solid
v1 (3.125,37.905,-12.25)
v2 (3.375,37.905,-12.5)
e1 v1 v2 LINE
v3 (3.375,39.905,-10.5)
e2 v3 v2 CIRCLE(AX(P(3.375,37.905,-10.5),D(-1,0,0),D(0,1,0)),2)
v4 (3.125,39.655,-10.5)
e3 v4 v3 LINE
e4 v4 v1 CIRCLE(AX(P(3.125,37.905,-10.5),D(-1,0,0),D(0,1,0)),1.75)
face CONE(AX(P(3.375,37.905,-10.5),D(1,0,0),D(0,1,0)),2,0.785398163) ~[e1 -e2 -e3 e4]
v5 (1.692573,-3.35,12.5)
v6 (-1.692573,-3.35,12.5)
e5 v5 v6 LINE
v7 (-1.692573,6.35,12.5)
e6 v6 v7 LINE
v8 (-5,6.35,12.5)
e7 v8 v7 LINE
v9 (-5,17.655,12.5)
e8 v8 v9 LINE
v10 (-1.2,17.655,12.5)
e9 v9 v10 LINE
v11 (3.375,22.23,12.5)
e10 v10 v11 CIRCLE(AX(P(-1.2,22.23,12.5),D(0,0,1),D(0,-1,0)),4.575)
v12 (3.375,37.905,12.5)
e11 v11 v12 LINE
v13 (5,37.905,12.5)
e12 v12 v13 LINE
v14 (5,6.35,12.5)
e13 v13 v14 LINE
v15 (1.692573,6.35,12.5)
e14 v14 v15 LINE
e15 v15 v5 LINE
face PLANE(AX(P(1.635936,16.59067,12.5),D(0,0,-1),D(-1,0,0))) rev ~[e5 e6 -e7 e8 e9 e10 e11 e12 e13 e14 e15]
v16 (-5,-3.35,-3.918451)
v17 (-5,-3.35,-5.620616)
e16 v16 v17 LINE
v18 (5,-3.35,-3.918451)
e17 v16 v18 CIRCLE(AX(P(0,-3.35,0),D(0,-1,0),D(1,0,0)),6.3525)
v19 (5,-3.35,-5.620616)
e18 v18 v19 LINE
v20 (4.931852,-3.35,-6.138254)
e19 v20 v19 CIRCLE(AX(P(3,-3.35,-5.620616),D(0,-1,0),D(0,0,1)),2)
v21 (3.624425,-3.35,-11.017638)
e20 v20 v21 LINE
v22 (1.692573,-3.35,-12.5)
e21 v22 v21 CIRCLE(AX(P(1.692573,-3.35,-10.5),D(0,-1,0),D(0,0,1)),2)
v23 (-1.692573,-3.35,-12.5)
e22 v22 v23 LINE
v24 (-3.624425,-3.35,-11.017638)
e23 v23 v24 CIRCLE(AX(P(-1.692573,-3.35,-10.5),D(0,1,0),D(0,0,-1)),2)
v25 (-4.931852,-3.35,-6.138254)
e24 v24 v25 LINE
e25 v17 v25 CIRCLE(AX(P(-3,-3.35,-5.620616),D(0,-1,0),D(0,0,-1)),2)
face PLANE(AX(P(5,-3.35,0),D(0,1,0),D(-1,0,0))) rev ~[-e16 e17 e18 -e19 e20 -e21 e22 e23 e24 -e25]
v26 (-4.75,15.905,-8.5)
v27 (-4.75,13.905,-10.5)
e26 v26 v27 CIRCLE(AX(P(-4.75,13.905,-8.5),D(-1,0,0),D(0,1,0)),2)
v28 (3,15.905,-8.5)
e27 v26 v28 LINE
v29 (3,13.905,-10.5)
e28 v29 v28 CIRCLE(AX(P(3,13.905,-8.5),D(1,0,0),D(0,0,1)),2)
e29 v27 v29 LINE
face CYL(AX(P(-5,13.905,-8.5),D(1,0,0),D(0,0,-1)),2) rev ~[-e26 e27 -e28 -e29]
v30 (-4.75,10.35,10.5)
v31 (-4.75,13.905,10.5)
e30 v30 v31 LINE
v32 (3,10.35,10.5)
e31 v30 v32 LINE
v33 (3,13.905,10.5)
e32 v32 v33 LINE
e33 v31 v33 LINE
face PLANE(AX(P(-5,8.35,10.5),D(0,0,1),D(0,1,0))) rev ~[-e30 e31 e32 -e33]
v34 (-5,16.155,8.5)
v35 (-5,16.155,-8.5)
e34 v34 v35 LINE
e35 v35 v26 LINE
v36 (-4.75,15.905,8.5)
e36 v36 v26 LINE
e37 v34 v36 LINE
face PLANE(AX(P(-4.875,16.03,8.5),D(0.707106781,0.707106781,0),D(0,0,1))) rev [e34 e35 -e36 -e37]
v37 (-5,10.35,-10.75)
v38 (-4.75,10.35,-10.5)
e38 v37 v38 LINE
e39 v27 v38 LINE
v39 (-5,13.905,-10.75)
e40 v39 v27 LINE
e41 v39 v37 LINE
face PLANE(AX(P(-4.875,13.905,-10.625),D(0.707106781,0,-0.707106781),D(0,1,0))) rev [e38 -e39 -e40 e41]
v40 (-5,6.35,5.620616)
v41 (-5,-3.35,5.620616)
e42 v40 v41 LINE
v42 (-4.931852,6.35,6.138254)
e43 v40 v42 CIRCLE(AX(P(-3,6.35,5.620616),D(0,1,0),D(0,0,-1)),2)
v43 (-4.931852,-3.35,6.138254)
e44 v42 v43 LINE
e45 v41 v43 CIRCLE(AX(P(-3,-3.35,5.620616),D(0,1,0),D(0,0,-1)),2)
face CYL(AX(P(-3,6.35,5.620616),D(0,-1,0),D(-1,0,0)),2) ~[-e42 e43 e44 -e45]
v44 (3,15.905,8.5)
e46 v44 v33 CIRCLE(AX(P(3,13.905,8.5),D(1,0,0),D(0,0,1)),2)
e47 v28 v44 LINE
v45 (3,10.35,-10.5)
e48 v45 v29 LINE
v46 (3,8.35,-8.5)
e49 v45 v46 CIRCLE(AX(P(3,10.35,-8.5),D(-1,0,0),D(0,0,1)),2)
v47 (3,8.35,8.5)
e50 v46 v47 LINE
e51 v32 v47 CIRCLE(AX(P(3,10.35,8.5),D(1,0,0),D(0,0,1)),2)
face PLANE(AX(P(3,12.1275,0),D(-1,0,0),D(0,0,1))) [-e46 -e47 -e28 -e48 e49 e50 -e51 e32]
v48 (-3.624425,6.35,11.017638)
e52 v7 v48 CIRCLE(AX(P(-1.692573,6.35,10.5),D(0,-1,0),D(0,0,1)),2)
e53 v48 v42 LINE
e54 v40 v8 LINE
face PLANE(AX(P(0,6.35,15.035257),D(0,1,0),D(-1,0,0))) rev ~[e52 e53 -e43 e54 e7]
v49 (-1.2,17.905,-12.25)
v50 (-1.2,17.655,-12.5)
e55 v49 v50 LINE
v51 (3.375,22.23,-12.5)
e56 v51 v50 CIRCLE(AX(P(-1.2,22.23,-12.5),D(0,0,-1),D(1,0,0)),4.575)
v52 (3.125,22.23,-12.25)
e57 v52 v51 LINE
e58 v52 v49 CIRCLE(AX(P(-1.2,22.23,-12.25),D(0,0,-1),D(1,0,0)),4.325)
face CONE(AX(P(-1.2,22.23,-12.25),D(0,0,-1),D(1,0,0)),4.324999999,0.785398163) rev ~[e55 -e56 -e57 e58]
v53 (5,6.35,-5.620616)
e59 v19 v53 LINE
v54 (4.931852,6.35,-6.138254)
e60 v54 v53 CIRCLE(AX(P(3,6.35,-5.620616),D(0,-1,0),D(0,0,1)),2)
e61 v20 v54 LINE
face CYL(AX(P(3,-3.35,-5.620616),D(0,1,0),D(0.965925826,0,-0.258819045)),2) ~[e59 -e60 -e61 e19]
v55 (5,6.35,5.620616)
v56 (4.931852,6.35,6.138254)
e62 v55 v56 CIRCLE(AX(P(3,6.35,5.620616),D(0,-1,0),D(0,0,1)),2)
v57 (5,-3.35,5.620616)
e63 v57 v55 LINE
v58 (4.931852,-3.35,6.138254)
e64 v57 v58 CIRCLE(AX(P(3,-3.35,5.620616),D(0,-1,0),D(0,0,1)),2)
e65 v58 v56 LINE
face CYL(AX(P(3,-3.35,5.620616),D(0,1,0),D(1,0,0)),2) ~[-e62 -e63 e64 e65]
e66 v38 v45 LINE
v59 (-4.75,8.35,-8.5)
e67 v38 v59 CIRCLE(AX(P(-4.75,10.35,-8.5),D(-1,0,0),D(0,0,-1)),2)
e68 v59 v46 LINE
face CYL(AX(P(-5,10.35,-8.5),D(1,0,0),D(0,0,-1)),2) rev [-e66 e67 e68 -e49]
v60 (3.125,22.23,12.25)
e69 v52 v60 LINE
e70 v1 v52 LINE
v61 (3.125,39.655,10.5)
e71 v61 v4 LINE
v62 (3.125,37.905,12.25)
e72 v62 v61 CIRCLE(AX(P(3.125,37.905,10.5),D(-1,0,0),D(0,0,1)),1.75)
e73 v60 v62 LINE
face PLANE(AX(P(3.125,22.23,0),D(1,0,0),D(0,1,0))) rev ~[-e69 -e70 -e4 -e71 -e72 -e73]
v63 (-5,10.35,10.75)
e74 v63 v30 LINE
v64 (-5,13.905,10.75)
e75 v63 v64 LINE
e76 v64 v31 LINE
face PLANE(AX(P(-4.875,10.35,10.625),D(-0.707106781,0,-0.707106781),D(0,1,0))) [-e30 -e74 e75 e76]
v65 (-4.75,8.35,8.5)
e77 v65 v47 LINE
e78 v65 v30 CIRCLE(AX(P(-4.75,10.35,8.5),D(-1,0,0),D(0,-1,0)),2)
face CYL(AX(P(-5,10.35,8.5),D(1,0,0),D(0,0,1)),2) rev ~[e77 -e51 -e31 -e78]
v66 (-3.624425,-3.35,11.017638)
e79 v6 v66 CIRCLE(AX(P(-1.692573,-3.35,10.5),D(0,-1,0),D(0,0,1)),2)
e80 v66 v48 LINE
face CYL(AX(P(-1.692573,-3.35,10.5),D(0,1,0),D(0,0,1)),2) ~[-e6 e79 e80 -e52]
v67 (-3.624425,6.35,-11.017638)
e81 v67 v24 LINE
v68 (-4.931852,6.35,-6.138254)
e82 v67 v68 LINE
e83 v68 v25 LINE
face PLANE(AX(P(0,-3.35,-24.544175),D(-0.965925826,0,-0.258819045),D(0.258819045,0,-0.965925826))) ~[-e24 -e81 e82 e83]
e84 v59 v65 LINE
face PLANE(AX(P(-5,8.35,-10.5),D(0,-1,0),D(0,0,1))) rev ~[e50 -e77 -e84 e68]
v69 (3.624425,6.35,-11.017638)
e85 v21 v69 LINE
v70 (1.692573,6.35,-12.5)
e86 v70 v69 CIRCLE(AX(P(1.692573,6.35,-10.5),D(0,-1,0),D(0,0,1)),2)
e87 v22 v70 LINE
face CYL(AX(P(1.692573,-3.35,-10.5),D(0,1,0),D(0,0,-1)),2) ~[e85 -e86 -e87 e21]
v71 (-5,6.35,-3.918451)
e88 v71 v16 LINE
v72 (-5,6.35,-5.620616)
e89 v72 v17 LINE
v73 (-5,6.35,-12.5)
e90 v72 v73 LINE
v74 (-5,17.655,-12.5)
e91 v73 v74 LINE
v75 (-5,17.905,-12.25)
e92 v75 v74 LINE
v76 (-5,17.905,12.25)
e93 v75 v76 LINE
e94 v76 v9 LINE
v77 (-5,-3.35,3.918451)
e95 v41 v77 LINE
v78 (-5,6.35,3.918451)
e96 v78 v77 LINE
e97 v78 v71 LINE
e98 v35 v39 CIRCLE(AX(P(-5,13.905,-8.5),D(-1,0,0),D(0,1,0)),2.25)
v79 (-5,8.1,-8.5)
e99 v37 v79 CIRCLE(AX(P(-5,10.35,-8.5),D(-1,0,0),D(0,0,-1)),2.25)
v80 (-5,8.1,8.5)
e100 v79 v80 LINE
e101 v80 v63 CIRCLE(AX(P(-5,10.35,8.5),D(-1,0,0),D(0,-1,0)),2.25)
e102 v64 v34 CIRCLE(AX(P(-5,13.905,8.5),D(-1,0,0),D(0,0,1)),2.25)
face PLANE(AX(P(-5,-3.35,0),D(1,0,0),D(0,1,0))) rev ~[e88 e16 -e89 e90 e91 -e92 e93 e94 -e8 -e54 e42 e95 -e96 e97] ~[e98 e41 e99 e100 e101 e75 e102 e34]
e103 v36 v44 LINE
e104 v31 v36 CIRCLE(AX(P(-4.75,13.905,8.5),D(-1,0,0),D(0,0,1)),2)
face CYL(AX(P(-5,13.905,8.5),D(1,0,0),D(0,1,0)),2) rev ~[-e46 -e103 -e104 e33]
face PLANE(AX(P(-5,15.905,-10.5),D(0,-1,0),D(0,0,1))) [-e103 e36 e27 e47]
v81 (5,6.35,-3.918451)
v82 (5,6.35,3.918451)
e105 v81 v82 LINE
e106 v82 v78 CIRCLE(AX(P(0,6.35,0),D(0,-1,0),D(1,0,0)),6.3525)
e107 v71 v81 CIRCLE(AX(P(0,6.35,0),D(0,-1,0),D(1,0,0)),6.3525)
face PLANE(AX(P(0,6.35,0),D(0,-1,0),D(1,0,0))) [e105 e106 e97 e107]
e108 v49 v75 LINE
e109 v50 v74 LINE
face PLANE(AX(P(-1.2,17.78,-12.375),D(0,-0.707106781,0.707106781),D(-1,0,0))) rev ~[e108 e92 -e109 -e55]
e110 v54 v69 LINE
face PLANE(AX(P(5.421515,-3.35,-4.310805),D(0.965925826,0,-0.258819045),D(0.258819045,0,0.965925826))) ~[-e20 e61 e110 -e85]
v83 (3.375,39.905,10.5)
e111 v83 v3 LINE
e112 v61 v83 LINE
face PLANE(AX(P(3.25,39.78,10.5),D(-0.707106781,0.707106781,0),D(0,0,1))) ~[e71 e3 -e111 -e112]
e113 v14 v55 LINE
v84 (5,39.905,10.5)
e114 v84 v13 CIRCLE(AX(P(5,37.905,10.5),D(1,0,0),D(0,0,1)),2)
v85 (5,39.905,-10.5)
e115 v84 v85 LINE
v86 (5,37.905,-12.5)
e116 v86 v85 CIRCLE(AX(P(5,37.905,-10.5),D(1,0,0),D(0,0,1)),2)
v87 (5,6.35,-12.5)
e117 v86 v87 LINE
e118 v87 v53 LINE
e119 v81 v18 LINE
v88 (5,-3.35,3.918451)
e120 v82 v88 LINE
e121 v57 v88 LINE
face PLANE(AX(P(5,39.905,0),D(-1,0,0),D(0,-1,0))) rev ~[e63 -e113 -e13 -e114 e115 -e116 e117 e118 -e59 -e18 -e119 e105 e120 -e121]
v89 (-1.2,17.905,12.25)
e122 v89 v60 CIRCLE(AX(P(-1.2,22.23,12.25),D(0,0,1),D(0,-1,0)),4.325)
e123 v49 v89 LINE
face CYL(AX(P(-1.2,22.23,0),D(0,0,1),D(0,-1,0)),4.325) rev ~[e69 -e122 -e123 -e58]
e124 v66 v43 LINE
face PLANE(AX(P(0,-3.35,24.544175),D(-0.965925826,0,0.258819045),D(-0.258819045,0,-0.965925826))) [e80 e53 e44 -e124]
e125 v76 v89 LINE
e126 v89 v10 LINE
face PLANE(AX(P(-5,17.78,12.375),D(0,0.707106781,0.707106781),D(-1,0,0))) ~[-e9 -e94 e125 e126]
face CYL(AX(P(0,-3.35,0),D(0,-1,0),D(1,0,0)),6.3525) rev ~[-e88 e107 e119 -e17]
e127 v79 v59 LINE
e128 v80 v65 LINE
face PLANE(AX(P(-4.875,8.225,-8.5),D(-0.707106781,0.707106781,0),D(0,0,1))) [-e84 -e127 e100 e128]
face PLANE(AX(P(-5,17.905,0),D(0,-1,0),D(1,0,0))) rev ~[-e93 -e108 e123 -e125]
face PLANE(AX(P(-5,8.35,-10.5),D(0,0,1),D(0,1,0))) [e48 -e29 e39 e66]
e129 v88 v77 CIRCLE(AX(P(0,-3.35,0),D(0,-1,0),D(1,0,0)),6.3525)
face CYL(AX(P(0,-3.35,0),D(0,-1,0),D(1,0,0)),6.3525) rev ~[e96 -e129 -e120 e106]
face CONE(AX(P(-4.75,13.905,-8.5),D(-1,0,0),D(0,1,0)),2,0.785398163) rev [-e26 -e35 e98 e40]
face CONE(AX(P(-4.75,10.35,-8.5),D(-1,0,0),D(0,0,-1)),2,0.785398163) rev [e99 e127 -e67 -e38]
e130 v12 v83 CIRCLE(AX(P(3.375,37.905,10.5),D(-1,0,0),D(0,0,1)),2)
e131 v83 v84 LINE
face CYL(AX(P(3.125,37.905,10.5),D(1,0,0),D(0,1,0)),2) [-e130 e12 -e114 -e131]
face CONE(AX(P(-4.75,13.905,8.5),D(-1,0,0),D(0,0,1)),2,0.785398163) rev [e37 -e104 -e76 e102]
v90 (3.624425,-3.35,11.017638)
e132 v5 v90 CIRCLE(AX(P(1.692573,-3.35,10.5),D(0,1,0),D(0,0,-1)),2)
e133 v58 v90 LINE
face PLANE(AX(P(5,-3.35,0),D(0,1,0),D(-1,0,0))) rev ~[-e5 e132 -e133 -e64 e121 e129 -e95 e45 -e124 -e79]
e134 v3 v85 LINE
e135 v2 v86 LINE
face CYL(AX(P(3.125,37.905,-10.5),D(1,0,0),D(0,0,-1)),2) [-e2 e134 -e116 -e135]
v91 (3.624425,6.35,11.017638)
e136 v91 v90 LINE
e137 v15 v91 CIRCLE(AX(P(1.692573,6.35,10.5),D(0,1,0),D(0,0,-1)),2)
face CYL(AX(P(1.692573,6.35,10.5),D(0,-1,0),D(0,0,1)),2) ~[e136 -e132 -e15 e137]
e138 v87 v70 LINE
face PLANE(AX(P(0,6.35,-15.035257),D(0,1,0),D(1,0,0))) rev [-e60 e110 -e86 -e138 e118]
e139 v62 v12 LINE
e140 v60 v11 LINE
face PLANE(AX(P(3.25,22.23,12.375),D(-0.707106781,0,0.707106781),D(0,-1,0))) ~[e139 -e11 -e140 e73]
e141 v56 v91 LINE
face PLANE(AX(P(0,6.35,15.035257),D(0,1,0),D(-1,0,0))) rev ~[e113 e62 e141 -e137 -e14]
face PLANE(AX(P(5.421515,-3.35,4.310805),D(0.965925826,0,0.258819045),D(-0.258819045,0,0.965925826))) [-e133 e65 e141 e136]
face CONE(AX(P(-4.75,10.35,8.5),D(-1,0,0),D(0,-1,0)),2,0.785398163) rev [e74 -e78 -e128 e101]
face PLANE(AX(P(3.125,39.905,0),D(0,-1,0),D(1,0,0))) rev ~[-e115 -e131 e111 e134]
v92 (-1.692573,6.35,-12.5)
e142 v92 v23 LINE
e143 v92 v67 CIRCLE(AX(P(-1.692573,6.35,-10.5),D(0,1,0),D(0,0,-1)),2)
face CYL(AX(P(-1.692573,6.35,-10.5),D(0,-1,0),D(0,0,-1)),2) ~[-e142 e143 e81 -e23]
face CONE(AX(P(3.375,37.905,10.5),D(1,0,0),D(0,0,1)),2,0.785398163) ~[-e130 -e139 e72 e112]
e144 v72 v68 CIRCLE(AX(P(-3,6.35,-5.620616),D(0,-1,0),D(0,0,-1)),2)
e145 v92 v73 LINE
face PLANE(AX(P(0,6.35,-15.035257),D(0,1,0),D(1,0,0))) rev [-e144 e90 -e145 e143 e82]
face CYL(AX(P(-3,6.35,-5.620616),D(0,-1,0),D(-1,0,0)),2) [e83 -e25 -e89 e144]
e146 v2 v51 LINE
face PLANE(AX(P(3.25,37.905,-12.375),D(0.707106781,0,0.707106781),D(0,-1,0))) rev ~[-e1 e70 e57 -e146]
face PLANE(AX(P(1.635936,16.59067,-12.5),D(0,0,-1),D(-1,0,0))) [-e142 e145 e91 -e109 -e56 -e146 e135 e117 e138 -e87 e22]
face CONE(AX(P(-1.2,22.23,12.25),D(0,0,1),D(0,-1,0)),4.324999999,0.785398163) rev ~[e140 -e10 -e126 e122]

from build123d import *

# Parameters (mm, degrees)
BOSS_EXTRUDE1_DEPTH = 12.5
SKETCH3_R           = 6.3525
CUT_EXTRUDE1_DEPTH  = 9.7
FILLET1_R           = 2
CUT_EXTRUDE2_DEPTH  = 9.7
FILLET2_R           = 2
SKETCH7_W           = 21
SKETCH7_H           = 7.555
CUT_EXTRUDE3_DEPTH  = 8
FILLET3_R           = 2
CHAMFER1_SIZE       = 0.25


with BuildPart() as part:
    # Sketch2 → Boss-Extrude1 (new body, symmetric)
    with BuildSketch(Plane.XY):
        with BuildLine():
            Line((3.125, 22.23), (3.125, 39.905))
            Line((3.125, 39.905), (5, 39.905))
            Line((5, 39.905), (5, -3.35))
            Line((5, -3.35), (-5, -3.35))
            Line((-5, -3.35), (-5, 17.905))
            Line((-5, 17.905), (-1.2, 17.905))
            ThreePointArc((-1.2, 17.905), (1.858236829, 19.171763171), (3.125, 22.23))
        make_face()
    extrude(amount=BOSS_EXTRUDE1_DEPTH, both=True)

    # Sketch3 → Cut-Extrude1 (cut)
    with BuildSketch(Plane.XZ.offset(3.35)):
        Circle(SKETCH3_R)
    extrude(amount=-CUT_EXTRUDE1_DEPTH, mode=Mode.SUBTRACT)

    # Fillet1
    fillet1_edges = [part.edges().sort_by_distance(p)[0] for p in [
        (4.0625, 39.905, 12.5),
        (4.0625, 39.905, -12.5),
    ]]
    fillet(fillet1_edges, radius=FILLET1_R)

    # Sketch6 → Cut-Extrude2 (cut)
    with BuildSketch(Plane.XZ.offset(3.35)):
        Polygon((0, 24.544175246), (-5.421515272, 4.310804798), (-5.421515272, 3.310804798), (-5.421515272, 0), (-10.421515272, 0), (-10.421515272, 29.544175246), (10.421515272, 29.544175246), (10.421515272, 0), (5.421515272, 0), (5.421515272, 3.310804798), (5.421515272, 4.310804798), align=None)
    cut_extrude2 = extrude(amount=-CUT_EXTRUDE2_DEPTH, mode=Mode.SUBTRACT)

    # Mirror1: Cut-Extrude2 across plane
    add(cut_extrude2.mirror(Plane.XY), mode=Mode.SUBTRACT)

    # Fillet2
    fillet2_edges = [part.edges().sort_by_distance(p)[0] for p in [
        (-3.227227031, 1.5, 12.5),
        (3.227227031, 1.5, 12.5),
        (5, 1.5, 5.883921208),
        (-5, 1.5, 5.883921208),
        (-3.227227031, 1.5, -12.5),
        (3.227227031, 1.5, -12.5),
        (-5, 1.5, -5.883921208),
        (5, 1.5, -5.883921208),
    ]]
    fillet(fillet2_edges, radius=FILLET2_R)

    # Sketch7 → Cut-Extrude3 (cut)
    with BuildSketch(Plane.ZY.offset(5)):
        with Locations((0, 12.1275)):
            Rectangle(SKETCH7_W, SKETCH7_H)
    extrude(amount=-CUT_EXTRUDE3_DEPTH, mode=Mode.SUBTRACT)

    # Fillet3
    fillet3_edges = [part.edges().sort_by_distance(p)[0] for p in [
        (-1, 8.35, -10.5),
        (-1, 15.905, -10.5),
        (-1, 15.905, 10.5),
        (-1, 8.35, 10.5),
    ]]
    fillet(fillet3_edges, radius=FILLET3_R)

    # Chamfer1
    chamfer1_edges = [part.edges().sort_by_distance(p)[0] for p in [
        (-5, 12.1275, 10.5),
        (-5, 8.35, 0),
        (-5, 12.1275, -10.5),
        (-5, 15.905, 0),
        (-5, 8.935786438, 9.914213562),
        (-5, 8.935786438, -9.914213562),
        (-5, 15.319213562, 9.914213562),
        (-5, 15.319213562, -9.914213562),
        (3.125, 39.905, 0),
        (3.125, 30.0675, -12.5),
        (3.125, 30.0675, 12.5),
        (3.125, 39.319213562, 11.914213562),
        (1.858236829, 19.171763171, 12.5),
        (3.125, 39.319213562, -11.914213562),
        (-3.1, 17.905, 12.5),
        (-3.1, 17.905, -12.5),
        (1.858236829, 19.171763171, -12.5),
    ]]
    chamfer(chamfer1_edges, length=CHAMFER1_SIZE)


solid = part.part
